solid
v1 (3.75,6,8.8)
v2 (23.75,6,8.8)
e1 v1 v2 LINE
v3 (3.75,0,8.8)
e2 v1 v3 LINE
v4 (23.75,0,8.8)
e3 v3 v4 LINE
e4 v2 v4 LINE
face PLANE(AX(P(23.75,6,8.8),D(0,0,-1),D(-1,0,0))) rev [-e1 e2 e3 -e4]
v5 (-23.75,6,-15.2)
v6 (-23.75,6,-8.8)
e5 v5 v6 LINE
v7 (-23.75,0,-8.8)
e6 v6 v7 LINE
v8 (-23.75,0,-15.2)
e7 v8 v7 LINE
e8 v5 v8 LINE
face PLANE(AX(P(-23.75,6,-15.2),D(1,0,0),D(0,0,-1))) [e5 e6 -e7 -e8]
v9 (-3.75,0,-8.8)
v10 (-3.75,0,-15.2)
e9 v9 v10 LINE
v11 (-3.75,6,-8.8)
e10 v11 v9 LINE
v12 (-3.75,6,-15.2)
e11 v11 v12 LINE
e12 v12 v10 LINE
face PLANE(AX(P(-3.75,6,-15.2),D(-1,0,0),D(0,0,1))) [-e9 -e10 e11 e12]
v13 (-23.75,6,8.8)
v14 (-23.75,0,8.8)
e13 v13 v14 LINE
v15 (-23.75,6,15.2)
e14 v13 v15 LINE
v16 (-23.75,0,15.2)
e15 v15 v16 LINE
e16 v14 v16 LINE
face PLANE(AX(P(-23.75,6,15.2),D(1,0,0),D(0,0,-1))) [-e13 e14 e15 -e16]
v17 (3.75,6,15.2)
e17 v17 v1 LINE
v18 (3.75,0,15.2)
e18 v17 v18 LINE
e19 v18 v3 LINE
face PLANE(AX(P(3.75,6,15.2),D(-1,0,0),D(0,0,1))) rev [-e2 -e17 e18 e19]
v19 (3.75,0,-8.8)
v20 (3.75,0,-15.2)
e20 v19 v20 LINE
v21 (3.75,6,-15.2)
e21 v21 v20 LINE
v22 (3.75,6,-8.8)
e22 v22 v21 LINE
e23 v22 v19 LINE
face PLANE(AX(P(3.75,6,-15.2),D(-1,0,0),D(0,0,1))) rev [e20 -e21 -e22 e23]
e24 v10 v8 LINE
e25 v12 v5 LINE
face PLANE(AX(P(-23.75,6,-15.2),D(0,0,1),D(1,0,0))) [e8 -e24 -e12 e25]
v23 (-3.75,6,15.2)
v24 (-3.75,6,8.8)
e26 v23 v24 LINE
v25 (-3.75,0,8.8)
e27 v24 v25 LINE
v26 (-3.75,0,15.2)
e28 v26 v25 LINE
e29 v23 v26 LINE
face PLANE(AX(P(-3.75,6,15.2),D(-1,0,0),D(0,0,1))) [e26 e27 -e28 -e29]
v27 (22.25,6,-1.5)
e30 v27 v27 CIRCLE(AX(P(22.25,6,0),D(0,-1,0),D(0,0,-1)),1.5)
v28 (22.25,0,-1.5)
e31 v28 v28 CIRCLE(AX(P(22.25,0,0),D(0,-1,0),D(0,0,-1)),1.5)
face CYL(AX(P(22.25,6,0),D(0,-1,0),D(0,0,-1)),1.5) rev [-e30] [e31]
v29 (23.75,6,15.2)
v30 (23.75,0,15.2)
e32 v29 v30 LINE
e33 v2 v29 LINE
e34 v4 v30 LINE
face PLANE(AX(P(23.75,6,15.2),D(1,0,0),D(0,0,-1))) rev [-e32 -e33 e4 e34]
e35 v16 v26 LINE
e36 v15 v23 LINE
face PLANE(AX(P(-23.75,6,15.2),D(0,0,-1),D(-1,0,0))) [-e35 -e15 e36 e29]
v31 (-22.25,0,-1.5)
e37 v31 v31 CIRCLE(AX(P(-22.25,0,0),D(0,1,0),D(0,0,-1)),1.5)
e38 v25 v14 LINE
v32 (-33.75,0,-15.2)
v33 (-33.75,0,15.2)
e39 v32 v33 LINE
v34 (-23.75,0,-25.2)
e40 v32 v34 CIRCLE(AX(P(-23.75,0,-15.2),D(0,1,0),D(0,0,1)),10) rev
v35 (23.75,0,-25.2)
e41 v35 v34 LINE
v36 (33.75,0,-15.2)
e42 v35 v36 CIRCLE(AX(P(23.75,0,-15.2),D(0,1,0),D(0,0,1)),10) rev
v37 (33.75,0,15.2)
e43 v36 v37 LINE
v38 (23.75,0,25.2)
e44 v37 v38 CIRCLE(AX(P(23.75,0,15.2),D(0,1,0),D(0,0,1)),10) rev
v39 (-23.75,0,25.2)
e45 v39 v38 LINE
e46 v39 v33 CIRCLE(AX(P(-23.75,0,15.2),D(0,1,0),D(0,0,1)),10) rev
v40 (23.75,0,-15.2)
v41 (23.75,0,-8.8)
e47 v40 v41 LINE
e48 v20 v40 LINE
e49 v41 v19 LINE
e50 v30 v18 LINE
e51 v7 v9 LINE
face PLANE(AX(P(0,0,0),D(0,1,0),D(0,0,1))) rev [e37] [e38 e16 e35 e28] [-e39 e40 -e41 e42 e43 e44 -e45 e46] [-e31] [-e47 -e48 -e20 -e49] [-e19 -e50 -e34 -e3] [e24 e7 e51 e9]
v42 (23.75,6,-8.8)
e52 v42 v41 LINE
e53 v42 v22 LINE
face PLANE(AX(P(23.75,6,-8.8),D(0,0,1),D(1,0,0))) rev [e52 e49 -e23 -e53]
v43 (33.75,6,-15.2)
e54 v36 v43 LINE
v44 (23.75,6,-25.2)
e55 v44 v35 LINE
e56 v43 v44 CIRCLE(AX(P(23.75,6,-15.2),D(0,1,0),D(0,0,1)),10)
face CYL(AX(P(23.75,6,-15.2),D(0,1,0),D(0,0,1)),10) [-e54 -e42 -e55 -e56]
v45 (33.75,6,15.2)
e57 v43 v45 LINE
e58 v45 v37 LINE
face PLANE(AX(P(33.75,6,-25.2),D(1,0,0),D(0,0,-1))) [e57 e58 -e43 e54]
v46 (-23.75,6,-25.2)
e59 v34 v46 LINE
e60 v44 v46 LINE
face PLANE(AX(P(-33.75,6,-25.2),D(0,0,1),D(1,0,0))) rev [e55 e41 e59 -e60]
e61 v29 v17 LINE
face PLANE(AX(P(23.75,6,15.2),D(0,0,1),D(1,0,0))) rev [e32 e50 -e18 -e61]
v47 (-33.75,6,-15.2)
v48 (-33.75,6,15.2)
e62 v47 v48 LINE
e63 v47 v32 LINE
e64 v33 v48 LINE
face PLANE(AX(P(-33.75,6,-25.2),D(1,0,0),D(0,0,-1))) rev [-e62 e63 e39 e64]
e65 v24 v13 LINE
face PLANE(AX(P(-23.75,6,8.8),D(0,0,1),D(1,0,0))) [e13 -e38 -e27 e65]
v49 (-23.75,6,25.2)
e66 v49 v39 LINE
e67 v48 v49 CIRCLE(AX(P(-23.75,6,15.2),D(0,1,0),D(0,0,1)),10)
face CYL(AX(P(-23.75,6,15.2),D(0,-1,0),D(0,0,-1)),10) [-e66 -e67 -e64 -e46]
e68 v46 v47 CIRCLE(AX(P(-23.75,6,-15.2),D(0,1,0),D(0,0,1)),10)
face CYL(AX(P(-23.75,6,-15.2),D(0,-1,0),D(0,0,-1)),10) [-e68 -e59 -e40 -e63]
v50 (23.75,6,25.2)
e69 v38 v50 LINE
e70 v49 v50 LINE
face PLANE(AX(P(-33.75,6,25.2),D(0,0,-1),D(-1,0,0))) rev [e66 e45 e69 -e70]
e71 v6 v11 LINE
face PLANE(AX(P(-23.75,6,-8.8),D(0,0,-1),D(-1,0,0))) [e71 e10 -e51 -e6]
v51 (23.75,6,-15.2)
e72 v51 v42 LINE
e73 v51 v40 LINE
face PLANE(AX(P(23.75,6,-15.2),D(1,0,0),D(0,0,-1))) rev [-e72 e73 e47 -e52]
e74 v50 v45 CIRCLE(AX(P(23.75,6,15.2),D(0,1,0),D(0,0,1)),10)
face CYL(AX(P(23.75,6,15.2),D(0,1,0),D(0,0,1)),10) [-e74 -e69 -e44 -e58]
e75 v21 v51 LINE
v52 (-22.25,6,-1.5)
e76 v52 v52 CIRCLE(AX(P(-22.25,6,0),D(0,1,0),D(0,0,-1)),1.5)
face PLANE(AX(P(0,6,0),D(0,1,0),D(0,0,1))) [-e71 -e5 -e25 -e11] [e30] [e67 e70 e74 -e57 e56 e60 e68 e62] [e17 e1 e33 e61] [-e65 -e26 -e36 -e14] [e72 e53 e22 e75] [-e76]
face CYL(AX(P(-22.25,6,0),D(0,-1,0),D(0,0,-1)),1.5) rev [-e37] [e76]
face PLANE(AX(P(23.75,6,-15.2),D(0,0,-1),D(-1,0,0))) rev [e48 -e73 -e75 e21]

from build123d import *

# Parameters (mm, degrees)
SKETCH1_W            = 33.75
SKETCH1_H            = 50.4
SKETCH1_R            = 1.5
SKETCH1_W_2          = 20
SKETCH1_H_2          = 6.4
BOSS_EXTRUDE1_DEPTH  = 6
FILLET1_R            = 10
FILLET1_OF_MIRROR1_R = 10


with BuildPart() as part:
    # Sketch1 → Boss-Extrude1 (new body)
    with BuildSketch(Plane(origin=(0, 0, 0), x_dir=(1, 0, 0), z_dir=(0, 1, 0))):
        with Locations((-16.875, 0)):
            Rectangle(SKETCH1_W, SKETCH1_H)
        with Locations(Location((-22.25, 0, 0), (0, 0, 90))):
            Circle(SKETCH1_R, mode=Mode.SUBTRACT)
        with Locations((-13.75, 12)):
            Rectangle(SKETCH1_W_2, SKETCH1_H_2, mode=Mode.SUBTRACT)
        with Locations((-13.75, -12)):
            Rectangle(SKETCH1_W_2, SKETCH1_H_2, mode=Mode.SUBTRACT)
    boss_extrude1 = extrude(amount=BOSS_EXTRUDE1_DEPTH)

    # Fillet1
    fillet1_edges = [part.edges().sort_by_distance(p)[0] for p in [
        (-33.75, 3, -25.2),
        (-33.75, 3, 25.2),
    ]]
    fillet(fillet1_edges, radius=FILLET1_R)

    # Mirror1: Boss-Extrude1 across plane
    add(boss_extrude1.mirror(Plane(origin=(0, 6, -25.2), x_dir=(0, 0, 1), z_dir=(-1, 0, 0))))

    # Fillet1 of Mirror1
    fillet1_of_mirror1_edges = [part.edges().sort_by_distance(p)[0] for p in [
        (33.75, 3, -25.2),
        (33.75, 3, 25.2),
    ]]
    fillet(fillet1_of_mirror1_edges, radius=FILLET1_OF_MIRROR1_R)


solid = part.part
